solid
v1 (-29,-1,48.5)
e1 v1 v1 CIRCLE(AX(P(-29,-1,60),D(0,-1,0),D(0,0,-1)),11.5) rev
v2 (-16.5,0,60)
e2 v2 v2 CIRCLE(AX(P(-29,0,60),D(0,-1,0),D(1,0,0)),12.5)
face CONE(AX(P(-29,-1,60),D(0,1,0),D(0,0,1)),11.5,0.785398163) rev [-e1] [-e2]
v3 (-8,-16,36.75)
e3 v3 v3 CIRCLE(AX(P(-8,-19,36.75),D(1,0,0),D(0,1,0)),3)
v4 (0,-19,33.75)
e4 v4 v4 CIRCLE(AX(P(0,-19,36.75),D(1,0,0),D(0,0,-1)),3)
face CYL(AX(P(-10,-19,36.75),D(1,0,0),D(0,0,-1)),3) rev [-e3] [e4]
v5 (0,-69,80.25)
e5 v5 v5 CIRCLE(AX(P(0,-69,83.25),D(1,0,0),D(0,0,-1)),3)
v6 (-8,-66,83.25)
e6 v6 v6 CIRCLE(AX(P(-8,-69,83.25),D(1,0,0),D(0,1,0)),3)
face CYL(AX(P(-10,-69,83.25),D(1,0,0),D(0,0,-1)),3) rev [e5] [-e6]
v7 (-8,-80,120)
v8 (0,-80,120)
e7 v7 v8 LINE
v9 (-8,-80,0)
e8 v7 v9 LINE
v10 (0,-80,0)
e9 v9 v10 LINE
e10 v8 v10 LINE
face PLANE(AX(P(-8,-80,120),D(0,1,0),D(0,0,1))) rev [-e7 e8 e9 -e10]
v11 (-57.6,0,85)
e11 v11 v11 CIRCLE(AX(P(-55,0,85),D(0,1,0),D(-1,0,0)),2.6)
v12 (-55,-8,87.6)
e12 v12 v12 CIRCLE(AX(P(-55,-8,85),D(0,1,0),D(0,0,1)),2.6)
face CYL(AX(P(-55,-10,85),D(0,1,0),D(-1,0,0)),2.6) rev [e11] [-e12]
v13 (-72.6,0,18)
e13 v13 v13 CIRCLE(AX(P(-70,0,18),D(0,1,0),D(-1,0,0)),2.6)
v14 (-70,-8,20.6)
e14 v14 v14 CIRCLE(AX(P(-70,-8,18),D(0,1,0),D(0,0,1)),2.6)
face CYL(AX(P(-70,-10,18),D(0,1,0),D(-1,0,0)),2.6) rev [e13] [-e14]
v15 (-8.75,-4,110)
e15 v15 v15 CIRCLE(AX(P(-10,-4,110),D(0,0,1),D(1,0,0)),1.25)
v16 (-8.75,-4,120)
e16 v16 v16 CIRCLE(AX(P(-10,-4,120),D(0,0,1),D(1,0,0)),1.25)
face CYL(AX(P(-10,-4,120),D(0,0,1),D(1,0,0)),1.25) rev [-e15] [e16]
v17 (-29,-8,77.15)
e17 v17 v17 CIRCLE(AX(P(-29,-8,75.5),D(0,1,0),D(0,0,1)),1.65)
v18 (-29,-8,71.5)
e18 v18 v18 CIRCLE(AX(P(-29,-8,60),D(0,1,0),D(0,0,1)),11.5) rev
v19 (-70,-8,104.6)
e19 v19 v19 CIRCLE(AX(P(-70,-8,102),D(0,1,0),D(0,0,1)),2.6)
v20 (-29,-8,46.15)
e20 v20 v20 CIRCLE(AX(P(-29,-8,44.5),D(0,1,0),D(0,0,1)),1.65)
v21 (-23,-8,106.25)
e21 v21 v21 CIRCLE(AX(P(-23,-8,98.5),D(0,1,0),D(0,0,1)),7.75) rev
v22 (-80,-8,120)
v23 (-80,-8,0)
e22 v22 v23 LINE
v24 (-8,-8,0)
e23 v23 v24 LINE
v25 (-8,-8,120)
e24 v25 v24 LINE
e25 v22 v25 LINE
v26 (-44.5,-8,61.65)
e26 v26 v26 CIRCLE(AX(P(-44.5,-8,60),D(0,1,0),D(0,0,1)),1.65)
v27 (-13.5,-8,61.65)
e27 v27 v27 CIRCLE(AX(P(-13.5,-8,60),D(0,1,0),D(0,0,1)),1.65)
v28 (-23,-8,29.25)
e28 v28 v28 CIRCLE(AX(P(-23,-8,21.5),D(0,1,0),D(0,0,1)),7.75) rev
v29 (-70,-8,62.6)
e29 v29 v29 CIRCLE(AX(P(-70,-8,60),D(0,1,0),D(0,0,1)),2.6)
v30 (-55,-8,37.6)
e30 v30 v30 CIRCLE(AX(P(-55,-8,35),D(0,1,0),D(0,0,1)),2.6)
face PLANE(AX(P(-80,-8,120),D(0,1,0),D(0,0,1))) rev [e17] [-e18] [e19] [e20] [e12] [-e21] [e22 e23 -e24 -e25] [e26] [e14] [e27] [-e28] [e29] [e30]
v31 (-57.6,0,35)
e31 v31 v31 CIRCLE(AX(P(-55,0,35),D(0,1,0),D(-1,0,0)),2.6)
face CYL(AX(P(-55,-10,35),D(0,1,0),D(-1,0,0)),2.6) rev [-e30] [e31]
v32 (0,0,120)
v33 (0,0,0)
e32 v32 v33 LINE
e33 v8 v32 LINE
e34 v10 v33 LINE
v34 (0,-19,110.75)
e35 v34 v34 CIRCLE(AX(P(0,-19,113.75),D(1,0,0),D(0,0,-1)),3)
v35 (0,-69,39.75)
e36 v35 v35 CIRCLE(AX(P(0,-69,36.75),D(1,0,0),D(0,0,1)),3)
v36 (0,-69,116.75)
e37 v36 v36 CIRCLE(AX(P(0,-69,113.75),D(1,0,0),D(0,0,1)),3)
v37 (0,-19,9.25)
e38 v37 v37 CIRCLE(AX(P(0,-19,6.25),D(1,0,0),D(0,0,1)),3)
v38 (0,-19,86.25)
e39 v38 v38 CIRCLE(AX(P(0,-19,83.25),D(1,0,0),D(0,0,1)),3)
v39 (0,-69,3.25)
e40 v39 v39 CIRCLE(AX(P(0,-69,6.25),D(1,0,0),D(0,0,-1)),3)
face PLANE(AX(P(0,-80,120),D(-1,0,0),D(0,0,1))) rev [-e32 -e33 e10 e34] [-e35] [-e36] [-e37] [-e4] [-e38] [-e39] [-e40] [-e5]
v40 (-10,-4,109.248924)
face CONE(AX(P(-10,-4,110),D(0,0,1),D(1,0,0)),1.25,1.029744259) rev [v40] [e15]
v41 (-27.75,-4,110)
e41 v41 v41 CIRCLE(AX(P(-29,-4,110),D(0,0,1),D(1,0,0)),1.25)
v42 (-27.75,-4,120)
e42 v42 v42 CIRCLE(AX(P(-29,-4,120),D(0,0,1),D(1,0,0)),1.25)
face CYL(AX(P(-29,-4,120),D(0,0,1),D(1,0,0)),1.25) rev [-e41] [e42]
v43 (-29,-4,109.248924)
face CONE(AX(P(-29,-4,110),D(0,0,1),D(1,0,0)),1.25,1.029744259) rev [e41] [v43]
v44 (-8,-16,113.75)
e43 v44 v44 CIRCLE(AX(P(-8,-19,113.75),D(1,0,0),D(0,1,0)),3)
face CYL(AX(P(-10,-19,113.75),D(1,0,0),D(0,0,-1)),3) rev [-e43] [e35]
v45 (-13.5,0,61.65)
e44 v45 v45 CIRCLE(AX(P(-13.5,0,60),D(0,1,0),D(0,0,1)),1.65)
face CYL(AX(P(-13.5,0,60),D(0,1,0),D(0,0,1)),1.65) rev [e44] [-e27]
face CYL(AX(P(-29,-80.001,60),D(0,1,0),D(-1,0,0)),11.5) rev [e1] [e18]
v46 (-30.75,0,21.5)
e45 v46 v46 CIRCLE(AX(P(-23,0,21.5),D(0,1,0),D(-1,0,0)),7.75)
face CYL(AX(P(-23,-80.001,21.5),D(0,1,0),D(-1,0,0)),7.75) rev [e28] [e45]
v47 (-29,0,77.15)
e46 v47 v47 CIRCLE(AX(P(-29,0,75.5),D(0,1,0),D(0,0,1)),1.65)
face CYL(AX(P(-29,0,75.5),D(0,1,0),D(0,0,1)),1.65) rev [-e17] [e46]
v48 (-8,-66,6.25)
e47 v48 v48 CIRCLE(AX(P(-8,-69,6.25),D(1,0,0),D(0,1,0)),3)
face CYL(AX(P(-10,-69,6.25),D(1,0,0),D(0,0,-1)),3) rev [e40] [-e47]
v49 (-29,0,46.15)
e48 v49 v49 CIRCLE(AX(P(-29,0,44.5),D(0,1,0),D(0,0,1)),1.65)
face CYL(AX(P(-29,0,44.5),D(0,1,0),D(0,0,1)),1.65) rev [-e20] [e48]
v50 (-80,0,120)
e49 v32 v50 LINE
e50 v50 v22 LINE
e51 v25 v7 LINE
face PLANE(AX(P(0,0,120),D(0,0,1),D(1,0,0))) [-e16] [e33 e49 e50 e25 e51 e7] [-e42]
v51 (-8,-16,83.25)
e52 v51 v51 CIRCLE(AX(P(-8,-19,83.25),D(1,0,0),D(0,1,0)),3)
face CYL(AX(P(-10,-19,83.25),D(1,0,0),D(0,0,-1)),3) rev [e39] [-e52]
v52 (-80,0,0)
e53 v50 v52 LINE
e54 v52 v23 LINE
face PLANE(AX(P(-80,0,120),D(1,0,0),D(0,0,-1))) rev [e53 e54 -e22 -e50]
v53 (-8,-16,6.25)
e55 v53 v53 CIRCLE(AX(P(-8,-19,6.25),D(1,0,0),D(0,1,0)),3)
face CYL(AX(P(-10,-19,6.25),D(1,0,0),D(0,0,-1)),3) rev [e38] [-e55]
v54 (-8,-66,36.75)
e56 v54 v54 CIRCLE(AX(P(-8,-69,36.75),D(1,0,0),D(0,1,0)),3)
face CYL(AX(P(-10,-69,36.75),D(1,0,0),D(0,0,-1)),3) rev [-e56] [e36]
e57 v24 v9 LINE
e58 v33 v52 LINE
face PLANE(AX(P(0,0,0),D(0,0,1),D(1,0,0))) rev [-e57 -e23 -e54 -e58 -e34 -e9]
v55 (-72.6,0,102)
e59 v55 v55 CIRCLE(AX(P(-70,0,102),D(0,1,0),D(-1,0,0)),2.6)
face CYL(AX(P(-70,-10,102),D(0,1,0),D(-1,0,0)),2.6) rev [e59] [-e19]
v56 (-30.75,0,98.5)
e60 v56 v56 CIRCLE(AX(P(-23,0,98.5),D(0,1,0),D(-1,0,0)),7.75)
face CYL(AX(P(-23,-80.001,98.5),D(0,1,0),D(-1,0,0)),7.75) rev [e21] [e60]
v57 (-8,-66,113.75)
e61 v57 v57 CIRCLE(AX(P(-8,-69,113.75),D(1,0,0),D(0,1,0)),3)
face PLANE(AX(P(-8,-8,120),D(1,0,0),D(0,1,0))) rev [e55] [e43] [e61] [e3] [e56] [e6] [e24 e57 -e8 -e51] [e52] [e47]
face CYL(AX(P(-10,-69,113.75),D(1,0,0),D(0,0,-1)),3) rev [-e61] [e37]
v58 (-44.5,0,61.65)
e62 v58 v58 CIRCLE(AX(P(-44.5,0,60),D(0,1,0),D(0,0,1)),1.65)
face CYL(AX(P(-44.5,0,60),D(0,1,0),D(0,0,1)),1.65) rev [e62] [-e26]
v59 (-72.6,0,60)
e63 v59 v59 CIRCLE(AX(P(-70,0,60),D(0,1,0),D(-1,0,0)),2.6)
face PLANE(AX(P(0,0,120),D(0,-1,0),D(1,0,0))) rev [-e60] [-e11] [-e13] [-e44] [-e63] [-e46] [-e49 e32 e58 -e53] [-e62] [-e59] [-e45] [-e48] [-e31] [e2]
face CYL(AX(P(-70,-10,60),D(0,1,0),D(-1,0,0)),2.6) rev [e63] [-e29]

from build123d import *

# Parameters (mm, degrees)
ESTRUSIONE_ESTRUSIONE1_DEPTH = 120
TAGLIO_ESTRUSIONE2_REACH     = 82
SCHIZZO6_R                   = 7.75
TAGLIO_ESTRUSIONE3_REACH     = 82
SCHIZZO7_R                   = 11.5
M4_TAPPED_HOLE1_D            = 3.3
SCHIZZO12_R                  = 3
TAGLIO_ESTRUSIONE4_DEPTH     = 10
SCHIZZO14_R                  = 2.6
TAGLIO_ESTRUSIONE5_DEPTH     = 10
SMUSSO2_SIZE                 = 1
FORO_FILETTATO_M3_1_D        = 2.5
FORO_FILETTATO_M3_1_DEPTH    = 10
FORO_FILETTATO_M3_1_TIP      = 0.751075774


with BuildPart() as part:
    # Schizzo1 → Estrusione-Estrusione1 (new body)
    with BuildSketch(Plane.XY):
        Polygon((0, 0), (-80, 0), (-80, -8), (-8, -8), (-8, -80), (0, -80), align=None)
    extrude(amount=ESTRUSIONE_ESTRUSIONE1_DEPTH)

    # Schizzo6 → Taglio-Estrusione2 (cut, up to next)
    with BuildSketch(Plane(origin=(0, 0, 0), x_dir=(1, 0, 0), z_dir=(0, 1, 0)), mode=Mode.PRIVATE) as taglio_estrusione2_sk1:
        with Locations((-23, -21.5)):
            Circle(SCHIZZO6_R)
    taglio_estrusione2_tool1 = extrude(taglio_estrusione2_sk1.sketch, amount=-TAGLIO_ESTRUSIONE2_REACH, mode=Mode.PRIVATE) & part.part
    add(taglio_estrusione2_tool1.solids().sort_by_distance((-23, 0, 21.5))[0], mode=Mode.SUBTRACT)
    # Schizzo6 → Taglio-Estrusione2 (cut, up to next)
    with BuildSketch(Plane(origin=(0, 0, 0), x_dir=(1, 0, 0), z_dir=(0, 1, 0)), mode=Mode.PRIVATE) as taglio_estrusione2_sk2:
        with Locations((-23, -98.5)):
            Circle(SCHIZZO6_R)
    taglio_estrusione2_tool2 = extrude(taglio_estrusione2_sk2.sketch, amount=-TAGLIO_ESTRUSIONE2_REACH, mode=Mode.PRIVATE) & part.part
    add(taglio_estrusione2_tool2.solids().sort_by_distance((-23, 0, 98.5))[0], mode=Mode.SUBTRACT)

    # Schizzo7 → Taglio-Estrusione3 (cut, up to next)
    with BuildSketch(Plane(origin=(0, 0, 0), x_dir=(1, 0, 0), z_dir=(0, 1, 0)), mode=Mode.PRIVATE) as taglio_estrusione3_sk1:
        with Locations((-29, -60)):
            Circle(SCHIZZO7_R)
    taglio_estrusione3_tool1 = extrude(taglio_estrusione3_sk1.sketch, amount=-TAGLIO_ESTRUSIONE3_REACH, mode=Mode.PRIVATE) & part.part
    add(taglio_estrusione3_tool1.solids().sort_by_distance((-29, 0, 60))[0], mode=Mode.SUBTRACT)

    # M4 Tapped Hole1 (through all)
    with Locations(Plane(origin=(0, 0, 0), x_dir=(1, 0, 0), z_dir=(0, 1, 0))):
        with Locations((-29, -44.5), (-44.5, -60), (-29, -75.5), (-13.5, -60), (-29, -60)):
            Hole(M4_TAPPED_HOLE1_D / 2)

    # Schizzo12 → Taglio-Estrusione4 (cut)
    with BuildSketch(Plane(origin=(0, 0, 0), x_dir=(0, 0, -1), z_dir=(1, 0, 0))):
        with Locations((-113.75, -19)):
            Circle(SCHIZZO12_R)
        with Locations((-83.25, -19)):
            Circle(SCHIZZO12_R)
        with Locations((-36.75, -19)):
            Circle(SCHIZZO12_R)
        with Locations((-6.25, -19)):
            Circle(SCHIZZO12_R)
        with Locations((-83.25, -69)):
            Circle(SCHIZZO12_R)
        with Locations((-113.75, -69)):
            Circle(SCHIZZO12_R)
        with Locations((-6.25, -69)):
            Circle(SCHIZZO12_R)
        with Locations((-36.75, -69)):
            Circle(SCHIZZO12_R)
    extrude(amount=-TAGLIO_ESTRUSIONE4_DEPTH, mode=Mode.SUBTRACT)

    # Schizzo14 → Taglio-Estrusione5 (cut)
    with BuildSketch(Plane(origin=(0, 0, 0), x_dir=(1, 0, 0), z_dir=(0, 1, 0))):
        with Locations((-70, -18)):
            Circle(SCHIZZO14_R)
        with Locations((-70, -60)):
            Circle(SCHIZZO14_R)
        with Locations((-70, -102)):
            Circle(SCHIZZO14_R)
        with Locations((-55, -35)):
            Circle(SCHIZZO14_R)
        with Locations((-55, -85)):
            Circle(SCHIZZO14_R)
    extrude(amount=-TAGLIO_ESTRUSIONE5_DEPTH, mode=Mode.SUBTRACT)

    # Smusso2
    smusso2_edges = [part.edges().sort_by_distance(p)[0] for p in [
        (-40.5, 0, 60),
    ]]
    chamfer(smusso2_edges, length=SMUSSO2_SIZE)

    # Foro filettato M3-1
    with Locations(Plane.XY.offset(120)):
        with Locations((-10, -4), (-29, -4)):
            Hole(FORO_FILETTATO_M3_1_D / 2, depth=FORO_FILETTATO_M3_1_DEPTH)
            with Locations((0, 0, -(FORO_FILETTATO_M3_1_DEPTH + FORO_FILETTATO_M3_1_TIP / 2))):  # 118° drill point
                Cone(0, FORO_FILETTATO_M3_1_D / 2, FORO_FILETTATO_M3_1_TIP, mode=Mode.SUBTRACT)


solid = part.part
